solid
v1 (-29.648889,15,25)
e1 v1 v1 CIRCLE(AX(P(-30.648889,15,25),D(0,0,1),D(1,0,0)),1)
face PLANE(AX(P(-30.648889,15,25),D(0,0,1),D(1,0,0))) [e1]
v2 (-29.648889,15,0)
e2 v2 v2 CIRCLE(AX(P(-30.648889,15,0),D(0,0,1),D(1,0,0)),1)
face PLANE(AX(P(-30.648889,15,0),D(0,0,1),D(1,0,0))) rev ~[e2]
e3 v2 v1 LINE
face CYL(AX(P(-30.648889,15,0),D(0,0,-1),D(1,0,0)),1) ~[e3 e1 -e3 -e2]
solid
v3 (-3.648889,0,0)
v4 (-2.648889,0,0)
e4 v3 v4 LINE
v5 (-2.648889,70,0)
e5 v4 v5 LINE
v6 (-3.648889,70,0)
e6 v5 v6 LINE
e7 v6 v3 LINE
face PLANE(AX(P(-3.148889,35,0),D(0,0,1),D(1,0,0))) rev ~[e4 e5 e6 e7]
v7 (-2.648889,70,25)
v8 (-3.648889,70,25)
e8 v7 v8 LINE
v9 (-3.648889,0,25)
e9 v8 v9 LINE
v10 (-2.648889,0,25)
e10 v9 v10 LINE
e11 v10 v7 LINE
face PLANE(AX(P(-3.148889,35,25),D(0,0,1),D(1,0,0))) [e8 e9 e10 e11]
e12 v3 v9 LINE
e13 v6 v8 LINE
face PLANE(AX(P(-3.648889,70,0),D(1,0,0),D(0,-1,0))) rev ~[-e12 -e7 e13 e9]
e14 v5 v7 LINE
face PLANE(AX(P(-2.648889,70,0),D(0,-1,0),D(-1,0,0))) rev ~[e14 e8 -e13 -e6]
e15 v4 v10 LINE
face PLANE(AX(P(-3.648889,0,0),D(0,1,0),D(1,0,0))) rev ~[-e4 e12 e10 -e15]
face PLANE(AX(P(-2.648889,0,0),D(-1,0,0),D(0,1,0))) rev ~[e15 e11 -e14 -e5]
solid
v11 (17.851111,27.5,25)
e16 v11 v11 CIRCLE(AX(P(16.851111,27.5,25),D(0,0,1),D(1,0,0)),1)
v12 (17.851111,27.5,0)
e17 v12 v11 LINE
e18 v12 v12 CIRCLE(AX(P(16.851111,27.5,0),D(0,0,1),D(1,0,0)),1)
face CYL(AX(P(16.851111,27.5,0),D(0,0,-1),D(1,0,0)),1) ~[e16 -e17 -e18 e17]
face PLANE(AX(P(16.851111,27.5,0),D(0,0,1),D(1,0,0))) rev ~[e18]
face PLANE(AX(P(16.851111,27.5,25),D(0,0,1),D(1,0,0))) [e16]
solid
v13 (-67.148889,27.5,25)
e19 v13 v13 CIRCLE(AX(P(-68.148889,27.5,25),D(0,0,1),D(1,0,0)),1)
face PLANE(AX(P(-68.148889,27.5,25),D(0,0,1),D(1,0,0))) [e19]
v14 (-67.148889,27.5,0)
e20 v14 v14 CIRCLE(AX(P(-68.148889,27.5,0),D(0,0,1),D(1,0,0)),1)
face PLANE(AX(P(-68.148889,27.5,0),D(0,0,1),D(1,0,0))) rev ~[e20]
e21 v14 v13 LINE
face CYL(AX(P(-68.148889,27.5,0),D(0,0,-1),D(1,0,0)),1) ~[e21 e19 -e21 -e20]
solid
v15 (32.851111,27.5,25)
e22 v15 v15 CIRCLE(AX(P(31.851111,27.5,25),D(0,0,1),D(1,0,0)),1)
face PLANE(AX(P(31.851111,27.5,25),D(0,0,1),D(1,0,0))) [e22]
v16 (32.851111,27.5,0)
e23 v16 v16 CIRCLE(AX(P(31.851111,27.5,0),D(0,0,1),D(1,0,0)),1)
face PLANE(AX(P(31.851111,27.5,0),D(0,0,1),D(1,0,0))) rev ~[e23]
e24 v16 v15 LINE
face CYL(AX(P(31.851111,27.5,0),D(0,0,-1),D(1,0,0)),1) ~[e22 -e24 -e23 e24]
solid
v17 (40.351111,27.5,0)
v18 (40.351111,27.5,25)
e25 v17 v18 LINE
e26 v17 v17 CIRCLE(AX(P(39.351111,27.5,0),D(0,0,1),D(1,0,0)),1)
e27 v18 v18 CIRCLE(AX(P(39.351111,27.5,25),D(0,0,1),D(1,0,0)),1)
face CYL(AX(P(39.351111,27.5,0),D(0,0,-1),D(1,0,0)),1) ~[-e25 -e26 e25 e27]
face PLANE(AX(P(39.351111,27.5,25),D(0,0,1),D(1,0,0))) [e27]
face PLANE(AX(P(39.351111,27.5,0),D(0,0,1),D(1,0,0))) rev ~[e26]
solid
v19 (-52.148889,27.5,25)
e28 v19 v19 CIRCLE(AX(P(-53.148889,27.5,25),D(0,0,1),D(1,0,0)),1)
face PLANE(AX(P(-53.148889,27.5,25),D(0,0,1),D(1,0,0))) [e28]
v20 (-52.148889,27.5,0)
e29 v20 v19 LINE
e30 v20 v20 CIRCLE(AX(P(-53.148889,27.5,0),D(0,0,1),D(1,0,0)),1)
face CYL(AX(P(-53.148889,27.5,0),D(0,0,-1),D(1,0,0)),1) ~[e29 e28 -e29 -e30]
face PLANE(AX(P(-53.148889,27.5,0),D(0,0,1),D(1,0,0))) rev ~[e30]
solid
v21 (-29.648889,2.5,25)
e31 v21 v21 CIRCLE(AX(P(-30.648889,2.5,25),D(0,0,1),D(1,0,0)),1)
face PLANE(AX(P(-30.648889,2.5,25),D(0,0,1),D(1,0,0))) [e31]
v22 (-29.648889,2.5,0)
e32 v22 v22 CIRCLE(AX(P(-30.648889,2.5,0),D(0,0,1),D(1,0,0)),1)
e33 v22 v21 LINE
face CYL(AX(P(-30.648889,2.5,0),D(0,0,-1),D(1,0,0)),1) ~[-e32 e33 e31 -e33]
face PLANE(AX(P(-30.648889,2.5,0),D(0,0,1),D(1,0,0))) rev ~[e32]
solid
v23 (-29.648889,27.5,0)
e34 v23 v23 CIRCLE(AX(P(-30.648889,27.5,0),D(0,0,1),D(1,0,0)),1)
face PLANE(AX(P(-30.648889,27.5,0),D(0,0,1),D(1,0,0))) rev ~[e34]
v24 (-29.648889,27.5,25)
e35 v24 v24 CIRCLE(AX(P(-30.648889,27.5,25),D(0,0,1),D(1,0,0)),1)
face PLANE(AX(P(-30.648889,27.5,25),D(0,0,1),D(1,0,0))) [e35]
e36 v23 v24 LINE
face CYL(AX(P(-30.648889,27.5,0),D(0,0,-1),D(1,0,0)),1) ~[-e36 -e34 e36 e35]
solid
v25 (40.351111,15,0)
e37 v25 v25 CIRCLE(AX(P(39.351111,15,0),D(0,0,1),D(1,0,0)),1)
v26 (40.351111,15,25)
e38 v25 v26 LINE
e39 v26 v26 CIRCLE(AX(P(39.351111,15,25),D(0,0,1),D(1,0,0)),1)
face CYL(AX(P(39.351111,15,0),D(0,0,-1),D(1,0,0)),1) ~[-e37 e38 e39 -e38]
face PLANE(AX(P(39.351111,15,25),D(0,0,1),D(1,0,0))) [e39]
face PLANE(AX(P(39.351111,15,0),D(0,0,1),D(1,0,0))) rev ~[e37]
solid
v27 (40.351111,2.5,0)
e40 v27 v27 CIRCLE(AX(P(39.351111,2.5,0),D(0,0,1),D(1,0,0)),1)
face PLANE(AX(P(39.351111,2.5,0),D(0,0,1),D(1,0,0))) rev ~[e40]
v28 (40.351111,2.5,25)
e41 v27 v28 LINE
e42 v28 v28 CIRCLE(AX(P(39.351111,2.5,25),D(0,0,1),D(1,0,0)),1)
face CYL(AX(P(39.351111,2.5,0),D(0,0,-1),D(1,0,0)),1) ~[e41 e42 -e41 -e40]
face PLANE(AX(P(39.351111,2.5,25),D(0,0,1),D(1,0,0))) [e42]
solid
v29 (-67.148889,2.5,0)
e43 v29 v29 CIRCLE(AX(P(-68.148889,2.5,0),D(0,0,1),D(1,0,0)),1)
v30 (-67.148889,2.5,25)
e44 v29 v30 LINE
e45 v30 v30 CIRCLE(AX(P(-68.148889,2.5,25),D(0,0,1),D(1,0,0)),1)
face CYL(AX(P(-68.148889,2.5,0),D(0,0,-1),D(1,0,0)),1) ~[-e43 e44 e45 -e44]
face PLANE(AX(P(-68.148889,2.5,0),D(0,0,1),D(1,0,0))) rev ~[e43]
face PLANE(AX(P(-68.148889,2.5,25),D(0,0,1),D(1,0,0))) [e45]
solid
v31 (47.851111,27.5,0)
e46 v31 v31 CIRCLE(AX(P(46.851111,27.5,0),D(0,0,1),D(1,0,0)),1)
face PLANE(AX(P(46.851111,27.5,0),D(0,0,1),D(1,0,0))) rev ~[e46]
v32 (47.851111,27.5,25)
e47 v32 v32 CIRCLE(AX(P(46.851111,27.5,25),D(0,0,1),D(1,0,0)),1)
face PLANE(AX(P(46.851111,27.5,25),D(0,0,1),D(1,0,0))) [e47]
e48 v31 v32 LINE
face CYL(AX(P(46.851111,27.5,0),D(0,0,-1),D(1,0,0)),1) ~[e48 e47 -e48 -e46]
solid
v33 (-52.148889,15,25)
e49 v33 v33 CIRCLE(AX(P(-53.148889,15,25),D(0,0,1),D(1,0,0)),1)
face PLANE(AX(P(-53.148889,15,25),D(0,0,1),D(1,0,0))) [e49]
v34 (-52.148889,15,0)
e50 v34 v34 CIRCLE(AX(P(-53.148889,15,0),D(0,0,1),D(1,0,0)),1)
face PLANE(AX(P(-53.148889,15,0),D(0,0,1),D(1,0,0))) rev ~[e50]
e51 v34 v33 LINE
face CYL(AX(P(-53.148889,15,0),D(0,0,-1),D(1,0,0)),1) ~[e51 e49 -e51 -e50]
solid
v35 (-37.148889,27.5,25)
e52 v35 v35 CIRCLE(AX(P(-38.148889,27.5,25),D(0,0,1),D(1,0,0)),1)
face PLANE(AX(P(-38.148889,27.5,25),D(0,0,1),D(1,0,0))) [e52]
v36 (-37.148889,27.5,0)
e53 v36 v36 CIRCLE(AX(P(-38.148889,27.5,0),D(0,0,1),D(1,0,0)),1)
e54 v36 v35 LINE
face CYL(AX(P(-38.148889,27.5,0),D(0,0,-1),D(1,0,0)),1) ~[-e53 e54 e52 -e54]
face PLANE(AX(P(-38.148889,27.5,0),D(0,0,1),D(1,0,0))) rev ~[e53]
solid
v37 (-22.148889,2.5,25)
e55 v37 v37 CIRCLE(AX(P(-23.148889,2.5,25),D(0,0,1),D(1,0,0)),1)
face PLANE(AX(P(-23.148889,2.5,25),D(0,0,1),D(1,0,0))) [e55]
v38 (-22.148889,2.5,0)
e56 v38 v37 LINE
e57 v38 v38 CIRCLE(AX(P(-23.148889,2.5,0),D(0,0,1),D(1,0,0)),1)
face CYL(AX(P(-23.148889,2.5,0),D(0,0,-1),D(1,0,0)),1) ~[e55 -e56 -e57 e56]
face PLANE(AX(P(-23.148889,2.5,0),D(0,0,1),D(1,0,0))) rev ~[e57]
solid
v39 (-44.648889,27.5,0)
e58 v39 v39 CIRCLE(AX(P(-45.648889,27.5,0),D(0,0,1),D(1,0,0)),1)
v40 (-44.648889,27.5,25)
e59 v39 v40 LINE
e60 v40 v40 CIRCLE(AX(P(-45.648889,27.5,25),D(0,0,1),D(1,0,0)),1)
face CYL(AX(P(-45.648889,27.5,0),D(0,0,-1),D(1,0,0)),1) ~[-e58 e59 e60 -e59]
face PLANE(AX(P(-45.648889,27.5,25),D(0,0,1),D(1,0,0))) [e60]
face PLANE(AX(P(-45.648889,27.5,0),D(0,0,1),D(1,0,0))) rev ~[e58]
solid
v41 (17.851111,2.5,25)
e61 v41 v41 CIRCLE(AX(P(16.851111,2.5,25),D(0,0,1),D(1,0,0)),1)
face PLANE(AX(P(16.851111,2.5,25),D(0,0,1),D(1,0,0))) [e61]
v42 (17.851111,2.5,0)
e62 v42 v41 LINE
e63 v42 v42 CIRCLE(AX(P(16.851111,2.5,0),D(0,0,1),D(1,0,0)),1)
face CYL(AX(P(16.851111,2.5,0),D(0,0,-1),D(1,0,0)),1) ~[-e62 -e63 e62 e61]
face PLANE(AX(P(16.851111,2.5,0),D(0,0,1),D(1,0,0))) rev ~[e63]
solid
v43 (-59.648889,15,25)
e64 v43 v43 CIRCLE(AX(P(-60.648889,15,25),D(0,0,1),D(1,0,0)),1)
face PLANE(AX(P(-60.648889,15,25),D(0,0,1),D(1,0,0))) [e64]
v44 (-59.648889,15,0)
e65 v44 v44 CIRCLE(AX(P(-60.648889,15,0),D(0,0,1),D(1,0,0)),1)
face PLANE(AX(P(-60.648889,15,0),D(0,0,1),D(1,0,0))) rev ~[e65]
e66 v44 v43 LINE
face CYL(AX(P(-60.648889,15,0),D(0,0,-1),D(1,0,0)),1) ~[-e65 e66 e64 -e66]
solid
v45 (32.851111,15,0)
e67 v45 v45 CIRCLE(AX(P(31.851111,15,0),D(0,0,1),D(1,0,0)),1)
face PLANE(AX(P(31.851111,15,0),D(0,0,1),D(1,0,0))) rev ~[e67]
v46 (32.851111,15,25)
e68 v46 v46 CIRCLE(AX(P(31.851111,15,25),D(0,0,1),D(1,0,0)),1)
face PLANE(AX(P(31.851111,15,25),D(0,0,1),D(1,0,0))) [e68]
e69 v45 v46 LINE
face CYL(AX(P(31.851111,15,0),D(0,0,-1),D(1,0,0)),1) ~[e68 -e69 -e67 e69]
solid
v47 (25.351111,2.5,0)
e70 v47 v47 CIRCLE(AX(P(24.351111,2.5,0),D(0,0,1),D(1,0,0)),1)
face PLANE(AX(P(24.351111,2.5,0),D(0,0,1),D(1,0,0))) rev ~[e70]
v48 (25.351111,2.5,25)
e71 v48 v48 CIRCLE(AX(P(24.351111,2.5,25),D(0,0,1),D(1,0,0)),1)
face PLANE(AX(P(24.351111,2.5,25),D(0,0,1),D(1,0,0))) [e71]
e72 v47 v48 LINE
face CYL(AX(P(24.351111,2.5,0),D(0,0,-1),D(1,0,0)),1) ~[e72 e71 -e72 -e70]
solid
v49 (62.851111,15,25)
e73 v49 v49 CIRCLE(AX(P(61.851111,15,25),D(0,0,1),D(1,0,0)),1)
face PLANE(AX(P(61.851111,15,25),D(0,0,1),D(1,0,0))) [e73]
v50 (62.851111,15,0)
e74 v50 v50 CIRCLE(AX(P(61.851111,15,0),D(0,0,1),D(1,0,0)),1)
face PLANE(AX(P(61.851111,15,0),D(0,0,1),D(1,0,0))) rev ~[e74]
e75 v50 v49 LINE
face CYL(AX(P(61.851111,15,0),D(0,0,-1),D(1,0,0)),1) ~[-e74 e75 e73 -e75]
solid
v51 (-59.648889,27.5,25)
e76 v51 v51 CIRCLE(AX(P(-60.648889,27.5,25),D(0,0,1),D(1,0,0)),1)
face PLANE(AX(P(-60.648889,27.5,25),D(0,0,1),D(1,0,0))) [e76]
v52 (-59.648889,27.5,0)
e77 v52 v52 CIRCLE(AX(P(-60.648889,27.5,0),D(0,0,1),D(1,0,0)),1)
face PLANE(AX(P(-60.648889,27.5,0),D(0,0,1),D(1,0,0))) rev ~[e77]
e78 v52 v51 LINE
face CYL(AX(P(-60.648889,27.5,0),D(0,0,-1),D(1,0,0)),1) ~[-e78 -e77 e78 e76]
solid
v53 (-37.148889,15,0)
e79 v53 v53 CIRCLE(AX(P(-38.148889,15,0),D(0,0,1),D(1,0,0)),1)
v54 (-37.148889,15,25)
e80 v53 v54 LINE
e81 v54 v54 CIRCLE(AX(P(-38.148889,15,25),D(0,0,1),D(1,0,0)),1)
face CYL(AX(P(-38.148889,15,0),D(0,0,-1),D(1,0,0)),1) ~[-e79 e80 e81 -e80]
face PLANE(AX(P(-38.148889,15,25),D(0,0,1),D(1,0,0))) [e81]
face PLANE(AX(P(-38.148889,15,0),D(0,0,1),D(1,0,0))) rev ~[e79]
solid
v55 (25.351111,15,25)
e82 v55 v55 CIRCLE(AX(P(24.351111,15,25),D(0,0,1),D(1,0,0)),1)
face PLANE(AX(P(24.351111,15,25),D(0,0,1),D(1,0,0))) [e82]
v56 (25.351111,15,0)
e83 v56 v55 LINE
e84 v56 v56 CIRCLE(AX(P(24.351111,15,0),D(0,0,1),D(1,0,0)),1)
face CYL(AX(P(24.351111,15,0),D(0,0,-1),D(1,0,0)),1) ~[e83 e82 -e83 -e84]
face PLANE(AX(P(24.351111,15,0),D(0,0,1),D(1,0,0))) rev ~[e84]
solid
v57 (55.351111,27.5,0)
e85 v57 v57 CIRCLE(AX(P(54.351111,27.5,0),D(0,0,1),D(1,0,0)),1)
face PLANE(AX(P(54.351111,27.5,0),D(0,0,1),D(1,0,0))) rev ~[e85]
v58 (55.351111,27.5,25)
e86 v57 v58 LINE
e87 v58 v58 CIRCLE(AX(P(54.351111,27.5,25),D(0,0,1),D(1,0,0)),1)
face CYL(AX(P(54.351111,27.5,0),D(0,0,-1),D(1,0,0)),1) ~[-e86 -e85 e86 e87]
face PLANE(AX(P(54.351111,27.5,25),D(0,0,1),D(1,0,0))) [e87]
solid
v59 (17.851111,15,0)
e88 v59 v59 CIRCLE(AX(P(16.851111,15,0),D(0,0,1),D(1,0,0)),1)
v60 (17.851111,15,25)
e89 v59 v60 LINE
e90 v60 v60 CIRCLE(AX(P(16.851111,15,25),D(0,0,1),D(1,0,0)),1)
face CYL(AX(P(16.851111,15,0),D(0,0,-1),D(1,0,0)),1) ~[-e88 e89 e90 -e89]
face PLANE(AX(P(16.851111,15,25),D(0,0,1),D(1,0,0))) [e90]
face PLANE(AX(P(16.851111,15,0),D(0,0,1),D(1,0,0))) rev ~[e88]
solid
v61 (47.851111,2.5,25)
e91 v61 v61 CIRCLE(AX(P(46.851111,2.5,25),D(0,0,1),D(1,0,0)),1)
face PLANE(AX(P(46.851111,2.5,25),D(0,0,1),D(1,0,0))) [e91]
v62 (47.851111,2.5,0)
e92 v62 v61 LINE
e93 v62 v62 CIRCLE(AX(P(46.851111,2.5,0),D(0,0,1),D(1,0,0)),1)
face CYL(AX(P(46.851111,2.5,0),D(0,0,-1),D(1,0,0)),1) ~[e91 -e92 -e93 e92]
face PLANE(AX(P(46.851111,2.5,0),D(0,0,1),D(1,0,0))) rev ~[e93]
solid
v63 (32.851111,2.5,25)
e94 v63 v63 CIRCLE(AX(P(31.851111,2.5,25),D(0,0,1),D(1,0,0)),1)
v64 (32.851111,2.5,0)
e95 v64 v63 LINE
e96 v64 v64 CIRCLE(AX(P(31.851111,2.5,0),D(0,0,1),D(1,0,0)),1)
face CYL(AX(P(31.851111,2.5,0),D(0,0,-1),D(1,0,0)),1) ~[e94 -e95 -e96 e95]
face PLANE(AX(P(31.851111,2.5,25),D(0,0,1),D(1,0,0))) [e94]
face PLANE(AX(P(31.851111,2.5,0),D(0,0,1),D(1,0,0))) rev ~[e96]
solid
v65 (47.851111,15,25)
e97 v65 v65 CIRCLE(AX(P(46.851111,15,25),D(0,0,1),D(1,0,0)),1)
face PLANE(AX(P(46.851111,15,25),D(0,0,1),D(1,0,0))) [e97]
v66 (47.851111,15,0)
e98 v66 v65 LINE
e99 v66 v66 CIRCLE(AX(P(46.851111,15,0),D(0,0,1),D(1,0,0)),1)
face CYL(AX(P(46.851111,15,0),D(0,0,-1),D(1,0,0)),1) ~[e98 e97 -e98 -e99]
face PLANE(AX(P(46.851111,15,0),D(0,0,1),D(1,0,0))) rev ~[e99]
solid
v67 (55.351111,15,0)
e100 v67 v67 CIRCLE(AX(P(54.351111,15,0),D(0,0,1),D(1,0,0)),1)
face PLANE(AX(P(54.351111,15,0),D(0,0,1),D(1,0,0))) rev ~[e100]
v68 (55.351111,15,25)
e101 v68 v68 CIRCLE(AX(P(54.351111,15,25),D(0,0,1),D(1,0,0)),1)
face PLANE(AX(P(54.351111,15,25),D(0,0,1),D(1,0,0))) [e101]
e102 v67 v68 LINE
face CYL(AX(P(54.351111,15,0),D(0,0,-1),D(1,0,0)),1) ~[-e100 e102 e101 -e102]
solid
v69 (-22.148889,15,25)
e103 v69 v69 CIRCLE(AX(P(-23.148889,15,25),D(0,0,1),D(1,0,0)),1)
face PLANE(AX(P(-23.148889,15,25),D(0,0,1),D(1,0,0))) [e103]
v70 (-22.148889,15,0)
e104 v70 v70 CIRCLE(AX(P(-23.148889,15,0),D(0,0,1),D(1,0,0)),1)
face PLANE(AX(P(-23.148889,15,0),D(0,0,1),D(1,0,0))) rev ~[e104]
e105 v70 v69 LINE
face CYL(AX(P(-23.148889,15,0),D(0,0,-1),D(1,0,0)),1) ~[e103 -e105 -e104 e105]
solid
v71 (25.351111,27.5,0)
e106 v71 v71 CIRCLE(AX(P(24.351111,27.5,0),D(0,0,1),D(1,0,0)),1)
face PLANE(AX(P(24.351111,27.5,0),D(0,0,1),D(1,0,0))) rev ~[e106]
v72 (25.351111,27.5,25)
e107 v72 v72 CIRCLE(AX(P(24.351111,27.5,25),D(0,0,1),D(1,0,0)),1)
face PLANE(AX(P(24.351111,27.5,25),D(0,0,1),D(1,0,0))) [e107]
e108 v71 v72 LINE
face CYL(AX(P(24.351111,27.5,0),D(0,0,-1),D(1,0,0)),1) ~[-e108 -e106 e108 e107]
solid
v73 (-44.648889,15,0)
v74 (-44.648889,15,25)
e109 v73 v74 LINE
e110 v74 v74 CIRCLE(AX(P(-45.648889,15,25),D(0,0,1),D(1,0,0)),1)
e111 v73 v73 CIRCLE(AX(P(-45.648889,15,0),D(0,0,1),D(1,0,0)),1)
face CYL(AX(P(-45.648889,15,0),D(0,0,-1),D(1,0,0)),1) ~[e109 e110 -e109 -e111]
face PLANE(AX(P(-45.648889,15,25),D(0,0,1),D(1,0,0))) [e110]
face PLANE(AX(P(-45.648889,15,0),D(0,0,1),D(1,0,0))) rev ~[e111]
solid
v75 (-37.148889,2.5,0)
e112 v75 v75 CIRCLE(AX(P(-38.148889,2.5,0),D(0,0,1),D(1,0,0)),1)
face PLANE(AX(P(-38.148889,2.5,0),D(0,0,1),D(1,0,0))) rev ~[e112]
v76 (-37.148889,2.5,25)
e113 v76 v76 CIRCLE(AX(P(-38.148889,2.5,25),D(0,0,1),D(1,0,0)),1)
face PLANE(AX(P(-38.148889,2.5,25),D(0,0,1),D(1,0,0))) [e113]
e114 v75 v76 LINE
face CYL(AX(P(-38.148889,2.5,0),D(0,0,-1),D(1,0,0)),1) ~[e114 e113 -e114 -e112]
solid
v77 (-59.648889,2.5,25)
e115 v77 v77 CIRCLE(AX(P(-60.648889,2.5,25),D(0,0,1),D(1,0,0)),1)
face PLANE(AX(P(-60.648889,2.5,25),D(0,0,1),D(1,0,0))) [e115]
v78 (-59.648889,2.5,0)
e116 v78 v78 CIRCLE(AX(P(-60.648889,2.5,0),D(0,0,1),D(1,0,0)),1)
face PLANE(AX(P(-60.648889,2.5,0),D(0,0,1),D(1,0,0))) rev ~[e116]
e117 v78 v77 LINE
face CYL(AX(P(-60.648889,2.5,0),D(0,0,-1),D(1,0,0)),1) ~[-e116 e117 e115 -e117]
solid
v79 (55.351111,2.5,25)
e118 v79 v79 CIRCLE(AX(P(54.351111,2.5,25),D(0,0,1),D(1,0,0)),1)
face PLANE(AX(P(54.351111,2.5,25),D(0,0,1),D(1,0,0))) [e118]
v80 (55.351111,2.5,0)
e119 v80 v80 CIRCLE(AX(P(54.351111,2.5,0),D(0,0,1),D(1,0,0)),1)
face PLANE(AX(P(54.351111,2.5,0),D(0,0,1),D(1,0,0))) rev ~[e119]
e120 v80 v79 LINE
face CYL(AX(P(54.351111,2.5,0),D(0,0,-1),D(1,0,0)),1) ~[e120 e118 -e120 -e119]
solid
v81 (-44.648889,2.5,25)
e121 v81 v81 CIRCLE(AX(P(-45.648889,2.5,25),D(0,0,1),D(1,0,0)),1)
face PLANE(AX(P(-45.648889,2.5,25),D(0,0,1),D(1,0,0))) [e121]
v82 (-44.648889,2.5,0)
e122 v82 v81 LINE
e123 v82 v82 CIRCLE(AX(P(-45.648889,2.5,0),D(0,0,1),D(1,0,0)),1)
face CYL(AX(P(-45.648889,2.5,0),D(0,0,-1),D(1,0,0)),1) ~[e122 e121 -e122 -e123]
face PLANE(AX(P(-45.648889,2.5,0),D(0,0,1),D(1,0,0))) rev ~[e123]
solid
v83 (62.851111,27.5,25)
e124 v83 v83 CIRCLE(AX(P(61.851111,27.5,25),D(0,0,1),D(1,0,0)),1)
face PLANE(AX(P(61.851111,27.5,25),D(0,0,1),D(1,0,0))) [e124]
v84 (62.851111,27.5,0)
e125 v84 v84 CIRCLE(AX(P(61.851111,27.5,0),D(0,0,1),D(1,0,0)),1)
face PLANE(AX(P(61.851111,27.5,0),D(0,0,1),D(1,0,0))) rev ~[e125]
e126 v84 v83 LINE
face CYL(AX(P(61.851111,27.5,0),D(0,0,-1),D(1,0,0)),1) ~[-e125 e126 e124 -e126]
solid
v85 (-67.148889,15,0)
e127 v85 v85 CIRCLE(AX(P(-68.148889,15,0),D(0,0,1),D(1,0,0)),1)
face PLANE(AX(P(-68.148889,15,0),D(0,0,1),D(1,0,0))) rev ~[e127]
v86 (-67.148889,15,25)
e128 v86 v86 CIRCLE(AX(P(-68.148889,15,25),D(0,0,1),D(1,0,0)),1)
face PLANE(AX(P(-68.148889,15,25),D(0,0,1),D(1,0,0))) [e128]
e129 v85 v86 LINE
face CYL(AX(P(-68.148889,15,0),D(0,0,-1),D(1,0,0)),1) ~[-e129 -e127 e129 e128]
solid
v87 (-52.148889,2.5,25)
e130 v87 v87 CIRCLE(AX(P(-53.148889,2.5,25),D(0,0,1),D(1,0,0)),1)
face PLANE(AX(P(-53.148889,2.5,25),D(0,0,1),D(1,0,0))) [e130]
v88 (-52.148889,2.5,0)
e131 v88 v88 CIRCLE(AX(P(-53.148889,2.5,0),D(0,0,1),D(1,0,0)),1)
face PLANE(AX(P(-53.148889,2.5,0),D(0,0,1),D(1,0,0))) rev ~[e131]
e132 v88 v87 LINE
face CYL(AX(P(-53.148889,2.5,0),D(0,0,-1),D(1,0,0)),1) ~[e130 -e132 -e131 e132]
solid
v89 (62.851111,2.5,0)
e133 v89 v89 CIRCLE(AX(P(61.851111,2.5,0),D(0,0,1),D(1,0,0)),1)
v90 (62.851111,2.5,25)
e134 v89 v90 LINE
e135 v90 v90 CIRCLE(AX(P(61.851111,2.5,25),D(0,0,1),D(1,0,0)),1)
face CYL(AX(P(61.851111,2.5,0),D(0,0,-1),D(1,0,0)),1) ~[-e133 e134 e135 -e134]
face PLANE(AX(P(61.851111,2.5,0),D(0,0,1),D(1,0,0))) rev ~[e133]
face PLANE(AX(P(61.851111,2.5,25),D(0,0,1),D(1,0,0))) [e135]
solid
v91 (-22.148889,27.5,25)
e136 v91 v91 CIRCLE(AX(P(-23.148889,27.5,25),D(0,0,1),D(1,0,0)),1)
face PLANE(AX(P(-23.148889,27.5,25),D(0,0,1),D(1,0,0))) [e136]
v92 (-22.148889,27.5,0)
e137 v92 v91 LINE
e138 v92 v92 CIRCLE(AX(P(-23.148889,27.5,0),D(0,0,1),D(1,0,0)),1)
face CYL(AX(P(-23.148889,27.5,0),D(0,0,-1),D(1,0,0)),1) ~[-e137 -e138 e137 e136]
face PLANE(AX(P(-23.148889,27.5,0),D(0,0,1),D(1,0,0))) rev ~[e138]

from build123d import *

# Parameters (mm, degrees)
F0_R     = 1
F1_DEPTH = 25


with BuildPart() as f1:
    # F0 (on Top) → F1 (new body)
    with BuildSketch(Plane.XY):
        Polygon((-2.648889, 0), (-2.648889, 70), (-3.648889, 70), (-3.648889, 0), (-3.148889, 0), align=None)
        with Locations((46.851111, 27.5)):
            Circle(F0_R)
        with Locations((46.851111, 15)):
            Circle(F0_R)
        with Locations((-38.148889, 27.5)):
            Circle(F0_R)
        with Locations((-38.148889, 15)):
            Circle(F0_R)
        with Locations((-23.148889, 27.5)):
            Circle(F0_R)
        with Locations((-23.148889, 15)):
            Circle(F0_R)
        with Locations((31.851111, 27.5)):
            Circle(F0_R)
        with Locations((16.851111, 27.5)):
            Circle(F0_R)
        with Locations((31.851111, 15)):
            Circle(F0_R)
        with Locations((16.851111, 15)):
            Circle(F0_R)
        with Locations((-68.148889, 27.5)):
            Circle(F0_R)
        with Locations((-68.148889, 15)):
            Circle(F0_R)
        with Locations((61.851111, 27.5)):
            Circle(F0_R)
        with Locations((61.851111, 15)):
            Circle(F0_R)
        with Locations((-60.648889, 27.5)):
            Circle(F0_R)
        with Locations((-60.648889, 15)):
            Circle(F0_R)
        with Locations((-53.148889, 27.5)):
            Circle(F0_R)
        with Locations((-53.148889, 15)):
            Circle(F0_R)
        with Locations((-45.648889, 27.5)):
            Circle(F0_R)
        with Locations((-45.648889, 15)):
            Circle(F0_R)
        with Locations((54.351111, 27.5)):
            Circle(F0_R)
        with Locations((54.351111, 15)):
            Circle(F0_R)
        with Locations((39.351111, 27.5)):
            Circle(F0_R)
        with Locations((39.351111, 15)):
            Circle(F0_R)
        with Locations((-30.648889, 27.5)):
            Circle(F0_R)
        with Locations((-30.648889, 15)):
            Circle(F0_R)
        with Locations((24.351111, 27.5)):
            Circle(F0_R)
        with Locations((24.351111, 15)):
            Circle(F0_R)
        with Locations((-38.148889, 2.5)):
            Circle(F0_R)
        with Locations((-68.148889, 2.5)):
            Circle(F0_R)
        with Locations((-53.148889, 2.5)):
            Circle(F0_R)
        with Locations((-30.648889, 2.5)):
            Circle(F0_R)
        with Locations((-23.148889, 2.5)):
            Circle(F0_R)
        with Locations((-60.648889, 2.5)):
            Circle(F0_R)
        with Locations((-45.648889, 2.5)):
            Circle(F0_R)
        with Locations((31.851111, 2.5)):
            Circle(F0_R)
        with Locations((24.351111, 2.5)):
            Circle(F0_R)
        with Locations((54.351111, 2.5)):
            Circle(F0_R)
        with Locations((16.851111, 2.5)):
            Circle(F0_R)
        with Locations((46.851111, 2.5)):
            Circle(F0_R)
        with Locations((61.851111, 2.5)):
            Circle(F0_R)
        with Locations((39.351111, 2.5)):
            Circle(F0_R)
    extrude(amount=F1_DEPTH)


solid = f1.part
